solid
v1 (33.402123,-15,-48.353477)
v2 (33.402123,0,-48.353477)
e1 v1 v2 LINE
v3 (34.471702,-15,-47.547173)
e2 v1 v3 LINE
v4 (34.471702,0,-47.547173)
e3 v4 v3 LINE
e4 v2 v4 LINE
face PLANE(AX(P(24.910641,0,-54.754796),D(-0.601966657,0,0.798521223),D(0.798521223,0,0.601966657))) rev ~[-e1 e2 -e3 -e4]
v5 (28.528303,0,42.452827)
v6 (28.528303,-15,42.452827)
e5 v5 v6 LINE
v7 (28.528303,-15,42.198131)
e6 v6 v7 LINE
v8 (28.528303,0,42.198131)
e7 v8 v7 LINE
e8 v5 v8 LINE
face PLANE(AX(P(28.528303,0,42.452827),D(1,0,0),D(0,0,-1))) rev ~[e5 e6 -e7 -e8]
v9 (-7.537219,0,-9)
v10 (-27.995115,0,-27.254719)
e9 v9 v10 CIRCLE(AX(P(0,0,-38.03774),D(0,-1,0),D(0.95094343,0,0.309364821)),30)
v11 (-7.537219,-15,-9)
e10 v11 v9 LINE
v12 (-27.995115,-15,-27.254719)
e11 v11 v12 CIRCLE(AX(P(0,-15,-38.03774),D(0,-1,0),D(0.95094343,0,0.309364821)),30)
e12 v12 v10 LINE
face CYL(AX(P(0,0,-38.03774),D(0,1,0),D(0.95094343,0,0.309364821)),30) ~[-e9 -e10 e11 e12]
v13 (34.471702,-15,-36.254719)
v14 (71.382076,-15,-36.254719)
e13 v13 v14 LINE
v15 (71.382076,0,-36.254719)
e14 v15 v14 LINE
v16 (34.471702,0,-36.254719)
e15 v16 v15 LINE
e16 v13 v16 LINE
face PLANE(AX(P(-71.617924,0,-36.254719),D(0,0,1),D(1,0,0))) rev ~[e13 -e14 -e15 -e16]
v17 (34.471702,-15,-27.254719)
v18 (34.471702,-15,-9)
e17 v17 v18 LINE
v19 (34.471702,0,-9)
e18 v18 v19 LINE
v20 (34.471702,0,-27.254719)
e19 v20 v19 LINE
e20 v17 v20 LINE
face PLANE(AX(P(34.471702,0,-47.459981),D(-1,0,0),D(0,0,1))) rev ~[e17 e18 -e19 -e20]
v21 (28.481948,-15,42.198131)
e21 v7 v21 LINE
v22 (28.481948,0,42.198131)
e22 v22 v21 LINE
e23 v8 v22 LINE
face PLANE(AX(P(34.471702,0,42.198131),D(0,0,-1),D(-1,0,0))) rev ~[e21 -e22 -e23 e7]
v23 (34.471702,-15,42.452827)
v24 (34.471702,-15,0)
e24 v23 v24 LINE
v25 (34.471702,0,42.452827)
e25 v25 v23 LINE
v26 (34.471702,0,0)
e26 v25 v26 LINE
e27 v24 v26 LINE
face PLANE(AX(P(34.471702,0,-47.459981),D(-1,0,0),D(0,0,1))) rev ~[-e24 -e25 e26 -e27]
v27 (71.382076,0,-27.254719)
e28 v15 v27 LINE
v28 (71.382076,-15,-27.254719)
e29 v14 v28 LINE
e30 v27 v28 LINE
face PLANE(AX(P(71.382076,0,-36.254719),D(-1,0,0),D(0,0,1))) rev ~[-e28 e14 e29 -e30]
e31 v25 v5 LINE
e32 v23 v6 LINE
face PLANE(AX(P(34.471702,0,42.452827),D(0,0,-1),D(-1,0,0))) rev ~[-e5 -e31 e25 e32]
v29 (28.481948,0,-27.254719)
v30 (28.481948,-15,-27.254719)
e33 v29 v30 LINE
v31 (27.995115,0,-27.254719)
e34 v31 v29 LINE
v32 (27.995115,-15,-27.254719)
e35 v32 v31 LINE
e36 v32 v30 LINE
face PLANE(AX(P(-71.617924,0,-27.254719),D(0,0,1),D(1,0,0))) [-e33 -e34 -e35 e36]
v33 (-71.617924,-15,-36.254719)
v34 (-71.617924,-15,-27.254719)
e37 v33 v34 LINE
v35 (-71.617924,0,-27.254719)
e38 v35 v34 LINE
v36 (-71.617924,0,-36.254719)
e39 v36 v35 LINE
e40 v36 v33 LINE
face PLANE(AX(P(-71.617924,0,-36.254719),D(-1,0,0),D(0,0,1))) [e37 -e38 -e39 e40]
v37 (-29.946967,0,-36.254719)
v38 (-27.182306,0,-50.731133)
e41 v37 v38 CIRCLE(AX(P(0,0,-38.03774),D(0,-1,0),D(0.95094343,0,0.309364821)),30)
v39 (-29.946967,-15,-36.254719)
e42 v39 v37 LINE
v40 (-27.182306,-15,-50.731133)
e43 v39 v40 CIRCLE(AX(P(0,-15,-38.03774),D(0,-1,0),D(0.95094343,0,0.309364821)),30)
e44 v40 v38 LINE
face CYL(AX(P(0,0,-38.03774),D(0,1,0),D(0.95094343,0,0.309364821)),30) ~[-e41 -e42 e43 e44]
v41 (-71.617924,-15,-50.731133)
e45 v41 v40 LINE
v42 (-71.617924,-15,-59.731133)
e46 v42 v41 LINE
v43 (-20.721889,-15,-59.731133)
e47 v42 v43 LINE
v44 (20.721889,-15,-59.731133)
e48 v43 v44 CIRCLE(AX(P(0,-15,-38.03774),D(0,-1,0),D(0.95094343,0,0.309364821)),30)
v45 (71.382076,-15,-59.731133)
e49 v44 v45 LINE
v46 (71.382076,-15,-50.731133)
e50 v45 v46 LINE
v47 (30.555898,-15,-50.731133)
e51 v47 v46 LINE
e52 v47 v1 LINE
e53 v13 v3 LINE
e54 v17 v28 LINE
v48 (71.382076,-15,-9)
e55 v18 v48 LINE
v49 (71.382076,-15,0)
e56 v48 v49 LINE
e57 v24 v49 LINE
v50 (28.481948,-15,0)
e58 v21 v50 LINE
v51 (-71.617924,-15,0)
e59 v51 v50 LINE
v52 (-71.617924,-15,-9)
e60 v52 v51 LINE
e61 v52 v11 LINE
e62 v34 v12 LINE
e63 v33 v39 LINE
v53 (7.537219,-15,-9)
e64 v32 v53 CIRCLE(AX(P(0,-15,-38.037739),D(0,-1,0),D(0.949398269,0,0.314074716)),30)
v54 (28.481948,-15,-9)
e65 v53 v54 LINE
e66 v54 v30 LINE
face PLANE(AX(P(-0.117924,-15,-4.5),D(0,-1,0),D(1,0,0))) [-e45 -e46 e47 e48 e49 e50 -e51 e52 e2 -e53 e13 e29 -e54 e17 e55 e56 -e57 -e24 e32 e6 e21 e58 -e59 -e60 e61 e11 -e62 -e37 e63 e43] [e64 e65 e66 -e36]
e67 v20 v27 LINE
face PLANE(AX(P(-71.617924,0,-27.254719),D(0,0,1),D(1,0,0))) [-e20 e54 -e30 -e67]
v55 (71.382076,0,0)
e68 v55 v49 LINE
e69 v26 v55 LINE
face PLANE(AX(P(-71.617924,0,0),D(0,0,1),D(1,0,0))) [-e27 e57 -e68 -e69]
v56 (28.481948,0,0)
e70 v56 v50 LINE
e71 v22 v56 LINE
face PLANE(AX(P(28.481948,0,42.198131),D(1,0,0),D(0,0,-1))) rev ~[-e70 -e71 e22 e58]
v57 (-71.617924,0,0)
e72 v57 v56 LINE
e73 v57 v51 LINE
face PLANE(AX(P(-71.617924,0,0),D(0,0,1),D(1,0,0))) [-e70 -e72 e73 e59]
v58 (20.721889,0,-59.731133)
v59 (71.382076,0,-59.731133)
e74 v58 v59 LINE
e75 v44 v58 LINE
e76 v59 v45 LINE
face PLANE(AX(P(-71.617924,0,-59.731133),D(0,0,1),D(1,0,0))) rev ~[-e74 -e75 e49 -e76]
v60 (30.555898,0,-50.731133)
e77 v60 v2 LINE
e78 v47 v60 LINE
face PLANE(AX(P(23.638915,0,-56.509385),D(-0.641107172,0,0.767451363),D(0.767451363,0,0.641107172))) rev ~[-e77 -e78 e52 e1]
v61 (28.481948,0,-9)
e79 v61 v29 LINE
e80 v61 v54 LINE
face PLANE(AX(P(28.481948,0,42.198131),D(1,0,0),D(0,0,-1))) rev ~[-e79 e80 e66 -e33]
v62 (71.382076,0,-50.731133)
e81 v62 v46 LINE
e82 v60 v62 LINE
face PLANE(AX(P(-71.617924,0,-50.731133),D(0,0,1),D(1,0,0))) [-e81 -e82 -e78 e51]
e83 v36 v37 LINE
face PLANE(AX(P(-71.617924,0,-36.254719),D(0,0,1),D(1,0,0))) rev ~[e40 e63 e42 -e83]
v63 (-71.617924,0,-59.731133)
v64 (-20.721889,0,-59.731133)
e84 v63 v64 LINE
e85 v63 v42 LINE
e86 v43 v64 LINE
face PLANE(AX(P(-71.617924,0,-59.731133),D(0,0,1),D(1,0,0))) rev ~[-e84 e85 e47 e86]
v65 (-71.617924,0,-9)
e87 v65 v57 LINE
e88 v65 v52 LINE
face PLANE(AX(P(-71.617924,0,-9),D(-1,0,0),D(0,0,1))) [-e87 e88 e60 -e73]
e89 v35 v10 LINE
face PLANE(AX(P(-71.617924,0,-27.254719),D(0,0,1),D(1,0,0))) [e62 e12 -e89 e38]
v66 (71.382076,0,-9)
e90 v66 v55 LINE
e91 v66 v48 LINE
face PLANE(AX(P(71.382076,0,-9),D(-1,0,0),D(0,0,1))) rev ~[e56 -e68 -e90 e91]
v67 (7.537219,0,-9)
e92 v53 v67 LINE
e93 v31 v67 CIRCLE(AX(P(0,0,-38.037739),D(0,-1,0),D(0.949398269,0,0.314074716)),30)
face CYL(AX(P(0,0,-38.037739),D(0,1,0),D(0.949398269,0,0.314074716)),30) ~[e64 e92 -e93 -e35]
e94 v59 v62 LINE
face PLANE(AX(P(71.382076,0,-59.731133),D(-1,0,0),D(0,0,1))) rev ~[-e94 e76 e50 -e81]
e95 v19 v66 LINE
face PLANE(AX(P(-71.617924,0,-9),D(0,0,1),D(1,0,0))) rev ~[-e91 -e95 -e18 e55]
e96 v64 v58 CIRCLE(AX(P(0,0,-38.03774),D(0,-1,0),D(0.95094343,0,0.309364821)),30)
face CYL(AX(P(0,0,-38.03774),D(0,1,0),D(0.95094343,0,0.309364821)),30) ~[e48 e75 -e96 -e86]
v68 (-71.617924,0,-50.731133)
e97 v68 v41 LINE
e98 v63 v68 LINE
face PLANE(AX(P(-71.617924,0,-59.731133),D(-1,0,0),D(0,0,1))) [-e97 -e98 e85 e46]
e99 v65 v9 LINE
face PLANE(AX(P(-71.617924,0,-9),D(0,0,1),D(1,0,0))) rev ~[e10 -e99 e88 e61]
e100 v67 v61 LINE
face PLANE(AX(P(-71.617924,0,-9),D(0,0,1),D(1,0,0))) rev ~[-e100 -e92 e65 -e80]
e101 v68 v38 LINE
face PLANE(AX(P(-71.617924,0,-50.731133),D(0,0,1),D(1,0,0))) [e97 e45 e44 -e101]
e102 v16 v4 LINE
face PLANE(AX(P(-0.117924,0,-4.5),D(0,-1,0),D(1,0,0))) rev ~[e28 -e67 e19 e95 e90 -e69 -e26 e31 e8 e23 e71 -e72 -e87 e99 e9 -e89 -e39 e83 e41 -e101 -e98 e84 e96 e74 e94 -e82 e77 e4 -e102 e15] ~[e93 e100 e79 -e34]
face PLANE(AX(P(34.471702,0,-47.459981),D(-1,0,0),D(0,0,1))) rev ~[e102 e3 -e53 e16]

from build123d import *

# Parameters (mm, degrees)
F1_DEPTH = 15
F2_W     = 143
F2_H     = 9
F3_DEPTH = 15
F5_DEPTH = 15


with BuildPart() as f1:
    # F0 (on Front) → F1 (new body)
    with BuildSketch(Plane.XZ):
        with BuildLine():
            ThreePointArc((28.481948, -47.459981), (29.618056, -42.809614), (30, -38.03774))
            ThreePointArc((30, -38.03774), (29.618056, -33.265866), (28.481948, -28.615498))
            ThreePointArc((28.481948, -28.615498), (-29.557796, -32.905813), (23.638915, -56.509385))
            ThreePointArc((23.638915, -56.509385), (26.450312, -52.193338), (28.481948, -47.459981))
        make_face()
        with BuildLine():
            ThreePointArc((28.481948, -28.615498), (29.618056, -33.265866), (30, -38.03774))
            ThreePointArc((30, -38.03774), (29.618056, -42.809614), (28.481948, -47.459981))
            Line((28.481948, -47.459981), (34.471702, -47.459981))
            Line((34.471702, -47.459981), (34.471702, 42.198131))
            Line((34.471702, 42.198131), (28.481948, 42.198131))
            Line((28.481948, 42.198131), (28.481948, -28.615498))
        make_face()
        with BuildLine():
            Line((34.471702, -47.459981), (28.481948, -47.459981))
            ThreePointArc((28.481948, -47.459981), (26.450312, -52.193338), (23.638915, -56.509385))
            Line((23.638915, -56.509385), (34.471702, -47.459981))
        make_face()
    extrude(amount=F1_DEPTH)

    # F2 (on Front) → F3 (join)
    with BuildSketch(Plane.XZ):
        with Locations((-0.117924, -4.5)):
            Rectangle(F2_W, F2_H)
        with Locations((-0.117924, -31.754719)):
            Rectangle(F2_W, F2_H)
        with Locations((-0.117924, -55.231133)):
            Rectangle(F2_W, F2_H)
    extrude(amount=F3_DEPTH)

    # F4 (on Front) → F5 (join)
    with BuildSketch(Plane.XZ):
        with BuildLine():
            ThreePointArc((24.910641, -54.754796), (28.699471, -46.775038), (30, -38.03774))
            ThreePointArc((30, -38.03774), (29.629791, -33.339287), (28.528303, -28.756795))
            ThreePointArc((28.528303, -28.756795), (-29.713704, -33.903032), (24.910641, -54.754796))
        make_face()
        with BuildLine():
            ThreePointArc((28.528303, -28.756795), (29.629791, -33.339287), (30, -38.03774))
            ThreePointArc((30, -38.03774), (28.699471, -46.775038), (24.910641, -54.754796))
            Line((24.910641, -54.754796), (34.471702, -47.547173))
            Line((34.471702, -47.547173), (34.471702, 42.452827))
            Line((34.471702, 42.452827), (28.528303, 42.452827))
            Line((28.528303, 42.452827), (28.528303, -28.756795))
        make_face()
    extrude(amount=F5_DEPTH)


solid = f1.part
